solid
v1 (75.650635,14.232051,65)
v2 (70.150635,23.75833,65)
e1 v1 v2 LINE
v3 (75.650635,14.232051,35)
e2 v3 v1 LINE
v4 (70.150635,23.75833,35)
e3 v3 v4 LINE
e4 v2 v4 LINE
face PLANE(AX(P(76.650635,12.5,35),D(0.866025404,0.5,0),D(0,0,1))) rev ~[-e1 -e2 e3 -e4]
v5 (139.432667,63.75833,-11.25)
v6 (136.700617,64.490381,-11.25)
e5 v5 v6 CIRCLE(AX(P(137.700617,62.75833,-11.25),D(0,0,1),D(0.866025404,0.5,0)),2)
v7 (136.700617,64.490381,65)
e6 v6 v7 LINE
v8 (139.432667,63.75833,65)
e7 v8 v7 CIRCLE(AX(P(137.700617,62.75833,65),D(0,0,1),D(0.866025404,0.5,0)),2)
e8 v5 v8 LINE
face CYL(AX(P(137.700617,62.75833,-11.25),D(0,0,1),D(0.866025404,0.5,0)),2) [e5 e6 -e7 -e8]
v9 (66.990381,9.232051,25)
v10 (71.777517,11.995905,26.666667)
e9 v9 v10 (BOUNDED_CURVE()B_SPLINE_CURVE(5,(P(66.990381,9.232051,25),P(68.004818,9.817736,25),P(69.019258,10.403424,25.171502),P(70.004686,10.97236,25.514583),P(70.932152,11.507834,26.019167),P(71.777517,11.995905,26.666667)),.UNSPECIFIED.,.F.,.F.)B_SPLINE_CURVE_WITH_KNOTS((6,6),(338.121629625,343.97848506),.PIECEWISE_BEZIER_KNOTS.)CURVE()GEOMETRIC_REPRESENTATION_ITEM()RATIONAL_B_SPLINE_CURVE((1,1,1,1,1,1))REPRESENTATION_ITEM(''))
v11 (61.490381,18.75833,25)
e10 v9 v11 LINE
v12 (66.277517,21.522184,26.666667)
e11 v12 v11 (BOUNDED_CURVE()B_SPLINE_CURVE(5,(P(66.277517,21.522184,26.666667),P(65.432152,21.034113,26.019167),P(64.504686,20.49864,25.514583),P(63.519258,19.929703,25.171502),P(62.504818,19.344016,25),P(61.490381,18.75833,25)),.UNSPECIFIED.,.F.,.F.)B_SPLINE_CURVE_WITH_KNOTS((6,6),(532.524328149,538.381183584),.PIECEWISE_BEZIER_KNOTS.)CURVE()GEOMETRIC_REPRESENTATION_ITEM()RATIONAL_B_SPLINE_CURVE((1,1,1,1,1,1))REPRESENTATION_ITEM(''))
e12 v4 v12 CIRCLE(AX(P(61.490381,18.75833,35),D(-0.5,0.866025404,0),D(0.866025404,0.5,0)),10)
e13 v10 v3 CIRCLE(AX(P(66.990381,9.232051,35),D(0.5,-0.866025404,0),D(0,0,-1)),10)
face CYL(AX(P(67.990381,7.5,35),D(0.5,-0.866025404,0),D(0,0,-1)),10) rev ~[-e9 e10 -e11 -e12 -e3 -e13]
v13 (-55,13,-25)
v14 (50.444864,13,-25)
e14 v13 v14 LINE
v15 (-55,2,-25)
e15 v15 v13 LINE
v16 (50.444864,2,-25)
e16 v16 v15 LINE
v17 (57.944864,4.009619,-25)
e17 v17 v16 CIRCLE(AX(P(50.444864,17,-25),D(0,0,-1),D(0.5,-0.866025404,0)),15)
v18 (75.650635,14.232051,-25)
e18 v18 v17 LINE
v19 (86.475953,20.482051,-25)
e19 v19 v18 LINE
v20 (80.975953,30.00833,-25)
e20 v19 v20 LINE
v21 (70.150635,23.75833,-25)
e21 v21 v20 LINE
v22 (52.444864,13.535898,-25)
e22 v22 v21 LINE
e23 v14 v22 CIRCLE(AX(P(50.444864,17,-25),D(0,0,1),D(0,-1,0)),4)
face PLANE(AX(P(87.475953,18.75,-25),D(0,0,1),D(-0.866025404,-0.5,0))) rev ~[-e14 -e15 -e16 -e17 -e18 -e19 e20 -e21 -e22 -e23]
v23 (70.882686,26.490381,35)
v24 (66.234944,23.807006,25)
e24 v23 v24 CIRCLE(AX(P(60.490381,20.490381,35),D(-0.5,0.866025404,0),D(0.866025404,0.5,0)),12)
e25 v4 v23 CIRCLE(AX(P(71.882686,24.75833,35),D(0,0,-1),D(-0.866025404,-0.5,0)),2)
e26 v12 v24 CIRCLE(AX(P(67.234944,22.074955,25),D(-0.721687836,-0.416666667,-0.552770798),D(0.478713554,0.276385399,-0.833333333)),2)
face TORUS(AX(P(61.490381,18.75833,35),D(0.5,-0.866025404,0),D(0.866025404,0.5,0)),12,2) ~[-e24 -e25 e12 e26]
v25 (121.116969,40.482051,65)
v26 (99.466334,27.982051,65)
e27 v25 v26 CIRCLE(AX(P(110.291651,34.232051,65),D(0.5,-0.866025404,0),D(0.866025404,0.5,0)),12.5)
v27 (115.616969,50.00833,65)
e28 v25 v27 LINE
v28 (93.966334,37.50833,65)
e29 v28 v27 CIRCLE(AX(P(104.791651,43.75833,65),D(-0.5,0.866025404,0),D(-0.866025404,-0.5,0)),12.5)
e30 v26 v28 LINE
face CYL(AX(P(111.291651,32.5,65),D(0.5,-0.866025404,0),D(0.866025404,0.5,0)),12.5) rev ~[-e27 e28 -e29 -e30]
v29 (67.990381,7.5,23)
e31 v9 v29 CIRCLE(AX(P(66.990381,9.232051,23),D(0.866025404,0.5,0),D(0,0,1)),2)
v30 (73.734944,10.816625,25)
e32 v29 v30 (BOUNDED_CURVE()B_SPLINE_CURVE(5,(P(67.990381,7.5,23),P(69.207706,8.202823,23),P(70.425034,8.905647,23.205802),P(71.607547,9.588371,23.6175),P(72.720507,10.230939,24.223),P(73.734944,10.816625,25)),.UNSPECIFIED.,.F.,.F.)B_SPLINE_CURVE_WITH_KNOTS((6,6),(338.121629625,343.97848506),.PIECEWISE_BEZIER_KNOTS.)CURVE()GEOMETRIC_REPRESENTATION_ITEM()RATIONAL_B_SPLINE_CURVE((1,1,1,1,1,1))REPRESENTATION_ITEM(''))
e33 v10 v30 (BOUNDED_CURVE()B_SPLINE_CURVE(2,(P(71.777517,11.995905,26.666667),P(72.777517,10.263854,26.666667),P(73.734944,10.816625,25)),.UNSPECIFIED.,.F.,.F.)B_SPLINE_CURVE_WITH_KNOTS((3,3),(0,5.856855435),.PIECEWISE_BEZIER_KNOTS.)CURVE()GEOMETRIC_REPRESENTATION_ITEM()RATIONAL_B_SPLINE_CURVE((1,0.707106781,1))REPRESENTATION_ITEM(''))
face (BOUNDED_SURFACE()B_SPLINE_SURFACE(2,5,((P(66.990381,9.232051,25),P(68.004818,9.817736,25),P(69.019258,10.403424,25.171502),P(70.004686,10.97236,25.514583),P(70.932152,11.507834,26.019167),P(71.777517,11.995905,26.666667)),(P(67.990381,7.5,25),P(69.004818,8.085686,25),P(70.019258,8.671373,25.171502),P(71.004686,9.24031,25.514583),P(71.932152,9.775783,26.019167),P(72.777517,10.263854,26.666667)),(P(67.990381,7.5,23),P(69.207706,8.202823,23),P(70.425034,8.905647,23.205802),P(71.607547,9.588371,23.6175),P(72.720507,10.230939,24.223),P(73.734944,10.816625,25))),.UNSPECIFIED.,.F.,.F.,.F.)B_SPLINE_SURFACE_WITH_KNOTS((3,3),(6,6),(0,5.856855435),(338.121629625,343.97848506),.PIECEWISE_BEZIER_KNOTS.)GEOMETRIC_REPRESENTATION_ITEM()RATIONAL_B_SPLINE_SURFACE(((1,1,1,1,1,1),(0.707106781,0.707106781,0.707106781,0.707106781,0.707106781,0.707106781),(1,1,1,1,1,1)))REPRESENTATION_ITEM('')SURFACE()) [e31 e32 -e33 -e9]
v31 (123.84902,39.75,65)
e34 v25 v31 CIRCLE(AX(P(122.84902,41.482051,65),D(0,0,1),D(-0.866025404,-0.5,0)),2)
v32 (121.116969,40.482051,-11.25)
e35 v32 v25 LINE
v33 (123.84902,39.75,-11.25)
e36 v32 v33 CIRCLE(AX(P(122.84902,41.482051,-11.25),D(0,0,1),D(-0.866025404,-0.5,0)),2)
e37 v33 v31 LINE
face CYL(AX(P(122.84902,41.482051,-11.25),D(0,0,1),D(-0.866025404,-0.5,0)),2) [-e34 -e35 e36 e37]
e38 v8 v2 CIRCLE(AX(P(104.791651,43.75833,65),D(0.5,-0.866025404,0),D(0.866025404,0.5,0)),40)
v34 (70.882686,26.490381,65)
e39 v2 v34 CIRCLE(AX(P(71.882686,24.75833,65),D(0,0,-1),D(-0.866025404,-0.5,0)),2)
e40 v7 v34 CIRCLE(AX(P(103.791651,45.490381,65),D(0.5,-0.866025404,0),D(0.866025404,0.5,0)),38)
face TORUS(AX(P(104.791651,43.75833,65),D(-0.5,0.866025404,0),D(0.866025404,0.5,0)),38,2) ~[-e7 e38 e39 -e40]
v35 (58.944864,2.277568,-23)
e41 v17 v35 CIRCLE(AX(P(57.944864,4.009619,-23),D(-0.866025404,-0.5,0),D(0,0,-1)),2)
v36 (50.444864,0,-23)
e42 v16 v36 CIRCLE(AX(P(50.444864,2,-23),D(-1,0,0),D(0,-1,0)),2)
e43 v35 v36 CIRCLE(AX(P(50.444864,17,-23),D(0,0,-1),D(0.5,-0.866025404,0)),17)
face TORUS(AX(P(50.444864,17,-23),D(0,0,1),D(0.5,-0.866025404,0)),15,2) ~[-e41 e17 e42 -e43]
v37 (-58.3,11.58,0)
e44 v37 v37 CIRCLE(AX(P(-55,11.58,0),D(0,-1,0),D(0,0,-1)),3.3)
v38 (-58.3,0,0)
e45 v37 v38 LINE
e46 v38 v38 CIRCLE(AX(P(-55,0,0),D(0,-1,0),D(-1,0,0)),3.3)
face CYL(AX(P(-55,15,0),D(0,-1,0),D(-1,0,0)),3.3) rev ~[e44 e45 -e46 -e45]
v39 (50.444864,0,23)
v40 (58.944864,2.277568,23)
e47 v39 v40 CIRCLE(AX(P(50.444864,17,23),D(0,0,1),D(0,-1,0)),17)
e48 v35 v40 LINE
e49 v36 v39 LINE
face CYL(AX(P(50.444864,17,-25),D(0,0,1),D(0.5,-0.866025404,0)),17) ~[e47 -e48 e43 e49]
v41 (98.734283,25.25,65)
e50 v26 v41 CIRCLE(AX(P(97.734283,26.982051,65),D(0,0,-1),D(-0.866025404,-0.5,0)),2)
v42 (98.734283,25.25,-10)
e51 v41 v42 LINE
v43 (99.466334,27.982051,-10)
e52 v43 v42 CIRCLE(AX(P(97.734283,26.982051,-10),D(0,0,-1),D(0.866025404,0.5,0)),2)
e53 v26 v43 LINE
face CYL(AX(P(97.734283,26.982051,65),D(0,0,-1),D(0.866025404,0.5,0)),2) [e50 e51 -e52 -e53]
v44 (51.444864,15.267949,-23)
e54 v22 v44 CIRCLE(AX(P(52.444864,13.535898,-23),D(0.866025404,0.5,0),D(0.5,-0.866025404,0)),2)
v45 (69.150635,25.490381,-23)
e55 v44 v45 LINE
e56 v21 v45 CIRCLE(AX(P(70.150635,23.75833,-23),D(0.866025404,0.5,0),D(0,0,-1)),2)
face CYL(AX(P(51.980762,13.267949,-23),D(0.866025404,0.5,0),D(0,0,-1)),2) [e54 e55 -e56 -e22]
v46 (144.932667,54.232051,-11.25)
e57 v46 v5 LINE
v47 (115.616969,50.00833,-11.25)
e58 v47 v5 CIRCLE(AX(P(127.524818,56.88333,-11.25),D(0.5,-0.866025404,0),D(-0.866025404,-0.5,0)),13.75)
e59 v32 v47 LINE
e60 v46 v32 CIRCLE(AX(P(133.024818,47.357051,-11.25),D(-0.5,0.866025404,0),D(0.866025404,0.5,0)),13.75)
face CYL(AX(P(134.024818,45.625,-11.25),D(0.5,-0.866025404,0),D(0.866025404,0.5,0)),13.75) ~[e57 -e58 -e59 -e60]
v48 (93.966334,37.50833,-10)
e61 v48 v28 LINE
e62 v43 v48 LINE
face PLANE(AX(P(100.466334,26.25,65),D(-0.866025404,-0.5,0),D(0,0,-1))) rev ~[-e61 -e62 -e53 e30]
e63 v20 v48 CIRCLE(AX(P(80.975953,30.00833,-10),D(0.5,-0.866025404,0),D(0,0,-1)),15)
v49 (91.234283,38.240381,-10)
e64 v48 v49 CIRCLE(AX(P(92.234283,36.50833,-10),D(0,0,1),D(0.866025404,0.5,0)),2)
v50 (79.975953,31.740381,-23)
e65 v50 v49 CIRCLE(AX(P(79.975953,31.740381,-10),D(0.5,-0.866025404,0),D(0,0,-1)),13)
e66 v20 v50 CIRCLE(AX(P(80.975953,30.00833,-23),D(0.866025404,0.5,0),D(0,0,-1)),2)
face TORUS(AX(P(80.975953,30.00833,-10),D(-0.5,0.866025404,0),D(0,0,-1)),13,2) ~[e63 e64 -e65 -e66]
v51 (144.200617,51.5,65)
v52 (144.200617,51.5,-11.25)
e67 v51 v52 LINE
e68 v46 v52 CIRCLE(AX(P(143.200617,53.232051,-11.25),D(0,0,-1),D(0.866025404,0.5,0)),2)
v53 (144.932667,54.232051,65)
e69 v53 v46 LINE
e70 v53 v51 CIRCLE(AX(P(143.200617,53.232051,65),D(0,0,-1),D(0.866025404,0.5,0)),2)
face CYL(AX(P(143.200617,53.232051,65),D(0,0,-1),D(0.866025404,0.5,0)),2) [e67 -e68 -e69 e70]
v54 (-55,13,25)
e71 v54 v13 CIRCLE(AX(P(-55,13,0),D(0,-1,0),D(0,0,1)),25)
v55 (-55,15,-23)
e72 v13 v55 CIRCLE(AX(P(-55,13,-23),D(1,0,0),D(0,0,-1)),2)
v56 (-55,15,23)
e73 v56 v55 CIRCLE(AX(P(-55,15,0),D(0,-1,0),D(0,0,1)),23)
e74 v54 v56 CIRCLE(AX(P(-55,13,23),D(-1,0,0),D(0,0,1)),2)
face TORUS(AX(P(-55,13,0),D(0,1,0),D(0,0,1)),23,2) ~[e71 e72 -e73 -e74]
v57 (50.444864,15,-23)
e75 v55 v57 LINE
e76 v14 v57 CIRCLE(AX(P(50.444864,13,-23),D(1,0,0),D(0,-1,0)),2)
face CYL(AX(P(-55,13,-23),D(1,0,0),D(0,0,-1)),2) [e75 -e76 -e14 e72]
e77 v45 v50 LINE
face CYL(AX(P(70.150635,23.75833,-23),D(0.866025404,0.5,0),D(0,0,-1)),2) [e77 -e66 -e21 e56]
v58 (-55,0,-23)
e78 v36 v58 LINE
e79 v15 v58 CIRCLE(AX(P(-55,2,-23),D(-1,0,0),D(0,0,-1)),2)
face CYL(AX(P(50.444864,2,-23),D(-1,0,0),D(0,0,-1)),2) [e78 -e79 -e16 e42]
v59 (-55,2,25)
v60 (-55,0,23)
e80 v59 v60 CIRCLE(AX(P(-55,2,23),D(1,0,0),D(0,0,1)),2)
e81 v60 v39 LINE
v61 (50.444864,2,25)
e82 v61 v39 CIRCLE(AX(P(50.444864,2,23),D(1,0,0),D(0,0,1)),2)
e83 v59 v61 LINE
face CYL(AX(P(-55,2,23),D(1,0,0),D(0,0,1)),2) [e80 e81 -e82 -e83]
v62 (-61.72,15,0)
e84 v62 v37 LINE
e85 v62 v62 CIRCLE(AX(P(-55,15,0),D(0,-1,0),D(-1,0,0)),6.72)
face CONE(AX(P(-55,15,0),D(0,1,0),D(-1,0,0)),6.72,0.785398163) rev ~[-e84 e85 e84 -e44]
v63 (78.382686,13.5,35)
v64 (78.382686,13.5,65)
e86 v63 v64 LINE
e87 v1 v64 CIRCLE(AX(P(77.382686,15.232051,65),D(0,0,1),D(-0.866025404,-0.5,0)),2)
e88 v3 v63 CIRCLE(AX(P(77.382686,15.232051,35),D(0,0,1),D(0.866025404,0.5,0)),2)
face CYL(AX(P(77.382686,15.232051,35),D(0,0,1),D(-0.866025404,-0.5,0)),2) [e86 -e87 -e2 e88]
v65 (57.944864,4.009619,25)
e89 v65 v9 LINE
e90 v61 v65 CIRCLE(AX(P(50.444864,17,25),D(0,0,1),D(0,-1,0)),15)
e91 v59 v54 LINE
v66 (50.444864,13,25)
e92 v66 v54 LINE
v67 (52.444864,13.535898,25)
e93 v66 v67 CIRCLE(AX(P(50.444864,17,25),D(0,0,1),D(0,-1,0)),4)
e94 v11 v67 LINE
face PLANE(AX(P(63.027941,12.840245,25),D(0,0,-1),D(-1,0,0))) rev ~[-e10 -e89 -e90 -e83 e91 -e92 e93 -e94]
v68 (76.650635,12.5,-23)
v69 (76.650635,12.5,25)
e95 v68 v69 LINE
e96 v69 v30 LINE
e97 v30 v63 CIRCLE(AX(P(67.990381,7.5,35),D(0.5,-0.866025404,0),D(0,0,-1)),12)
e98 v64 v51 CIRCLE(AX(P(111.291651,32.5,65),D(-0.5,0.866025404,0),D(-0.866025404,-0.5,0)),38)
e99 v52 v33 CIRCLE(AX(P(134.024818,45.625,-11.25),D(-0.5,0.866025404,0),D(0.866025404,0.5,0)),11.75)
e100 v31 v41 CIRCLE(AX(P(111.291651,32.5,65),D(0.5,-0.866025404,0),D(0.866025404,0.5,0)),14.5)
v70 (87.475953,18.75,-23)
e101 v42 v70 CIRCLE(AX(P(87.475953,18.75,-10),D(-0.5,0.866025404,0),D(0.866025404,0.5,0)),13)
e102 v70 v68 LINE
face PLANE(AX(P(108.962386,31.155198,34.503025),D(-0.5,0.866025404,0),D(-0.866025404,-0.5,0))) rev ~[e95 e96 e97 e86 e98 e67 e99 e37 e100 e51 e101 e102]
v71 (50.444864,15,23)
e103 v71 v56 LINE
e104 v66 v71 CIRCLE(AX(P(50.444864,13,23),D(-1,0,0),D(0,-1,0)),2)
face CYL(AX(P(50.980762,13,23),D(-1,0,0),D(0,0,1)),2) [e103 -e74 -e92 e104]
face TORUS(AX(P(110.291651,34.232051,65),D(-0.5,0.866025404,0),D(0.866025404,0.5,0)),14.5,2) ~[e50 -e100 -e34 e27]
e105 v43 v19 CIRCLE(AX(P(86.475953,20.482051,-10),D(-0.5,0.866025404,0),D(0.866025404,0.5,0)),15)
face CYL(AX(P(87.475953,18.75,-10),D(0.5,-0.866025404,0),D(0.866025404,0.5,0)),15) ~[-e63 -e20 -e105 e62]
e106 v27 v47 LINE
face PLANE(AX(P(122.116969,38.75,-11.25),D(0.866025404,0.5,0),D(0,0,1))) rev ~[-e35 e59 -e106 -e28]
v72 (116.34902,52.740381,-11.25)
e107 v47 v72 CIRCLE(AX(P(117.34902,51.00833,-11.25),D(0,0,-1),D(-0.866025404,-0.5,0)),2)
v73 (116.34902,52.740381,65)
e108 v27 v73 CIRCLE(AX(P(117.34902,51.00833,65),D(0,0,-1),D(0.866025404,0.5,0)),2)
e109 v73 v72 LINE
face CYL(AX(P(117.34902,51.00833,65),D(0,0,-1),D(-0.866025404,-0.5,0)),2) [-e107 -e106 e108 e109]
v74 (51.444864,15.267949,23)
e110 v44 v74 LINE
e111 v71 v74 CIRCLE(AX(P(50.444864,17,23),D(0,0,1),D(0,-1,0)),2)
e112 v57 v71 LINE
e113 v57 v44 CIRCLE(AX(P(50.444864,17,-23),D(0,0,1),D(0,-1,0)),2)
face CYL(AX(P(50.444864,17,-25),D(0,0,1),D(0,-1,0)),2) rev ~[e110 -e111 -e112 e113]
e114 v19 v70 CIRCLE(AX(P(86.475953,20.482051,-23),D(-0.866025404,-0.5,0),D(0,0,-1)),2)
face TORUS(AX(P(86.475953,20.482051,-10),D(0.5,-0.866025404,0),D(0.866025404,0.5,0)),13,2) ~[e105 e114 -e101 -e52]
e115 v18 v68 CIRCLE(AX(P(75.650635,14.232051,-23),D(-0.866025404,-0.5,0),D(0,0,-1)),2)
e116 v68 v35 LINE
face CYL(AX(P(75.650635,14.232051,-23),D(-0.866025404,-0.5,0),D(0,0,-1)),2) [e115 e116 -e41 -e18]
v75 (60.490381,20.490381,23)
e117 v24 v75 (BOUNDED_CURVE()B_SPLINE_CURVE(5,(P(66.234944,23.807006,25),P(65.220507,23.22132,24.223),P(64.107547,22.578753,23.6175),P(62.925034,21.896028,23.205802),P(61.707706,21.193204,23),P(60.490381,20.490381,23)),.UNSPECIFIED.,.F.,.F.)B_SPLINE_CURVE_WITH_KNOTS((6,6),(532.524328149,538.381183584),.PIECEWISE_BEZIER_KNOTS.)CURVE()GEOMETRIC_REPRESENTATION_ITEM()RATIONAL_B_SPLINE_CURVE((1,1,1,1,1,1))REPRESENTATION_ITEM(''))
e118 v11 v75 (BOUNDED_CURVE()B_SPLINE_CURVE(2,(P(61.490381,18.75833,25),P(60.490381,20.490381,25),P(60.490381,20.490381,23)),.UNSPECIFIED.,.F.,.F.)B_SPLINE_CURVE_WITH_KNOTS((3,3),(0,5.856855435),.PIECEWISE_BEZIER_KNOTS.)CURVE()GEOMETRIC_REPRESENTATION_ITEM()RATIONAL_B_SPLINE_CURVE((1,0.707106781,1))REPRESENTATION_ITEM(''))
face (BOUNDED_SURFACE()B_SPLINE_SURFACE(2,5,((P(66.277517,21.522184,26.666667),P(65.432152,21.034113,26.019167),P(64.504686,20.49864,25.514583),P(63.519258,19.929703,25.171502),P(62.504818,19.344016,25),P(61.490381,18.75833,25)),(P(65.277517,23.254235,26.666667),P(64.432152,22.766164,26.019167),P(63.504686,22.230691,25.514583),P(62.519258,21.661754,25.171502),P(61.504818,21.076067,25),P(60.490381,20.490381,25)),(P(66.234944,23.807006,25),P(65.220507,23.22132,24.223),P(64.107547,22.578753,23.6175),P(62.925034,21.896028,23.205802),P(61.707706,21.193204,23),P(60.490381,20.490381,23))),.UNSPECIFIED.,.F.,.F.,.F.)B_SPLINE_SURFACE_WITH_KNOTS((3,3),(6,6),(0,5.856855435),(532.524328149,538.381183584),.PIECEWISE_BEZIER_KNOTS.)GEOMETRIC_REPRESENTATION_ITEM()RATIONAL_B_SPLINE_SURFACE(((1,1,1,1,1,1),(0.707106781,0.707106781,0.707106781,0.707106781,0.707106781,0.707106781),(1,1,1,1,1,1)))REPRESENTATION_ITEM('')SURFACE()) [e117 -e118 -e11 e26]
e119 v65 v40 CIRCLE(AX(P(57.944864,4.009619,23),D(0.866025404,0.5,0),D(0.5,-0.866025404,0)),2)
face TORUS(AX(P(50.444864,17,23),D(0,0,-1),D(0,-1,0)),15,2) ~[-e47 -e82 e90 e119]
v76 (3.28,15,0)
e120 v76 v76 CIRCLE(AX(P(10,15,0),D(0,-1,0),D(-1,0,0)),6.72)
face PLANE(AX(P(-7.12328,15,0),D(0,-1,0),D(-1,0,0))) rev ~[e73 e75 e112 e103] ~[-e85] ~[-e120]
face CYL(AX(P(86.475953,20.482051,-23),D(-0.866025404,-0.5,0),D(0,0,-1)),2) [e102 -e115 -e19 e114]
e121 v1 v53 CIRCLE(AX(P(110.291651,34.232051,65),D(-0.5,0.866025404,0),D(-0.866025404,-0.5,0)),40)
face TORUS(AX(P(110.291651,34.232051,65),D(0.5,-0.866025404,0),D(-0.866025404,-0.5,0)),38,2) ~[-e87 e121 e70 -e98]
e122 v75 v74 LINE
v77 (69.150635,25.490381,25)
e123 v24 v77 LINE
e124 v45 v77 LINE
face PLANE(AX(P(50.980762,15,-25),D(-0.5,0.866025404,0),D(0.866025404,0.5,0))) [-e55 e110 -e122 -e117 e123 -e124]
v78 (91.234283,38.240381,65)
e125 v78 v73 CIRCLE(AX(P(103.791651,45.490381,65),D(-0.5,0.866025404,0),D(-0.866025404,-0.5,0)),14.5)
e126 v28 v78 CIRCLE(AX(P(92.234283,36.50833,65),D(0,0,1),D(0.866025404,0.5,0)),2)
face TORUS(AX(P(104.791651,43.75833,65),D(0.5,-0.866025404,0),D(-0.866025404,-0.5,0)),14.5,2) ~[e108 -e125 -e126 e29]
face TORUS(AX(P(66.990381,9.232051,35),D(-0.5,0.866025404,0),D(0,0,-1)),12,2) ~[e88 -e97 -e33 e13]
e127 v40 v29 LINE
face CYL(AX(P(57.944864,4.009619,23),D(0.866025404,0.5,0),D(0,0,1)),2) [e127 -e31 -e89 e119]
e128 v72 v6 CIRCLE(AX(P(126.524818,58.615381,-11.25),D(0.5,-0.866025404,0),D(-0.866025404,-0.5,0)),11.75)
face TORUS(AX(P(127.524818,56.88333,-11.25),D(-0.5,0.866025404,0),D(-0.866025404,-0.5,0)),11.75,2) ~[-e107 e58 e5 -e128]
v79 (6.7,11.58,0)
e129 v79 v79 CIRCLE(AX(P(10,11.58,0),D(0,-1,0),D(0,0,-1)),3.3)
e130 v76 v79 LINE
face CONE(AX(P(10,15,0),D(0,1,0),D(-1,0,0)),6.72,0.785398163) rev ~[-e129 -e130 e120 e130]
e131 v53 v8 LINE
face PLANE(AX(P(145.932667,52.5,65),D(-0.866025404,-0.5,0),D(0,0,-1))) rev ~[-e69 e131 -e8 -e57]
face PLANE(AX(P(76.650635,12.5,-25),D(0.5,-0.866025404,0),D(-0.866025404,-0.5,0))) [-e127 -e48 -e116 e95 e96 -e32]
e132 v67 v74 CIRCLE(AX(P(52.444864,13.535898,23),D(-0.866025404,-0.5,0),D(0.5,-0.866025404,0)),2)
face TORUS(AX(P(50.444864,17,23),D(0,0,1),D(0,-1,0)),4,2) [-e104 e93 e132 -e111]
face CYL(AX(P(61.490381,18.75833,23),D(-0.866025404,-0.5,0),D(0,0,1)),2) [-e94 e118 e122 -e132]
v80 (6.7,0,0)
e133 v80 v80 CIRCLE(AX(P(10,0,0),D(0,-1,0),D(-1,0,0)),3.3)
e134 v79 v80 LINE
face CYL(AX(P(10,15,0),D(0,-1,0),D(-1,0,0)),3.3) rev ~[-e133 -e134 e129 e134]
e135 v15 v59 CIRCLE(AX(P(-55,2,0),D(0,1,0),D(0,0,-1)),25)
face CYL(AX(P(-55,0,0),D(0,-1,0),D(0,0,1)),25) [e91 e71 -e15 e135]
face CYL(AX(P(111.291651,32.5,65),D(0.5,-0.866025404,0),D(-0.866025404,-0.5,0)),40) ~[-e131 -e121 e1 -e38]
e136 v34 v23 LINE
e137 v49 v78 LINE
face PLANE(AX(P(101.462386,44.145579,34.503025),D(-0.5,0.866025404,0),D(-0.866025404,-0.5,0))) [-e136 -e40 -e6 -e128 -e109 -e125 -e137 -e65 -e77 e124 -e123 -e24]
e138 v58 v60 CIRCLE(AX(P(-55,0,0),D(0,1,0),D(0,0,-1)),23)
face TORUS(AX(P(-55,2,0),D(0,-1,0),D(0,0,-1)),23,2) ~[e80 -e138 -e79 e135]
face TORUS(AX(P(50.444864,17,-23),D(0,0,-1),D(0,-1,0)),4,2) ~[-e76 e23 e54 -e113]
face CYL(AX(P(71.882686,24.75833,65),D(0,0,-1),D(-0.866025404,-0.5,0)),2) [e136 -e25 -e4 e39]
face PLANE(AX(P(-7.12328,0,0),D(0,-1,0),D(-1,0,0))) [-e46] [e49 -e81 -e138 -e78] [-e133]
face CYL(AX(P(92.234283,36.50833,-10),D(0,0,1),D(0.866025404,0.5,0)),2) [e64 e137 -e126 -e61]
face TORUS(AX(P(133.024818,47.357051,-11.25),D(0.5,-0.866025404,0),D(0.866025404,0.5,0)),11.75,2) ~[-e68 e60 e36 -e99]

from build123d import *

# Parameters (mm, degrees)
BOSS_EXTRUDE1_DEPTH                             = 15
BOSS_EXTRUDE2_DEPTH                             = 50
BOSS_EXTRUDE3_DEPTH                             = 15
CSK_FOR_M5_FLAT_HEAD_MACHINE_SCREW1_D           = 6.6
CSK_FOR_M5_FLAT_HEAD_MACHINE_SCREW1_CSINK_D     = 13.44
CSK_FOR_M5_FLAT_HEAD_MACHINE_SCREW1_CSINK_ANGLE = 90
FILLET1_R                                       = 17
FILLET2_R                                       = 2


with BuildPart() as part:
    # Sketch1 → Boss-Extrude1 (new body)
    with BuildSketch(Plane(origin=(0, 0, 0), x_dir=(1, 0, 0), z_dir=(0, 1, 0))):
        with BuildLine():
            Line((-55, 25), (55, 25))
            Line((55, 25), (55, -25))
            Line((55, -25), (-55, -25))
            ThreePointArc((-55, -25), (-80, 0), (-55, 25))
        make_face()
    extrude(amount=BOSS_EXTRUDE1_DEPTH)

    # Sketch2 → Boss-Extrude2 (add)
    with BuildSketch(Plane(origin=(0, 0, -25), x_dir=(-1, 0, 0), z_dir=(0, 0, -1))):
        Polygon((-76.650635095, 12.5), (-55, 0), (-50.980762114, 15), (-69.150635095, 25.490381057), align=None)
    extrude(amount=-BOSS_EXTRUDE2_DEPTH)

    # Sketch3 → Boss-Extrude3 (add)
    with BuildSketch(Plane(origin=(13.75, -23.815698604, 0), x_dir=(0.8660254037844378, 0.5000000000000017, 0), z_dir=(0.5000000000000016, -0.8660254037844377, 0))):
        with BuildLine():
            Line((100.131397208, 65), (100.131397208, -10))
            ThreePointArc((100.131397208, -10), (95.737998926, -20.606601718), (85.131397208, -25))
            Line((85.131397208, -25), (62.631397208, -25))
            Line((62.631397208, -25), (62.631397208, 25))
            ThreePointArc((62.631397208, 25), (69.70246502, 27.928932188), (72.631397208, 35))
            Line((72.631397208, 35), (72.631397208, 65))
            ThreePointArc((72.631397208, 65), (112.631397208, 105), (152.631397208, 65))
            Line((152.631397208, 65), (152.631397208, -11.25))
            ThreePointArc((152.631397208, -11.25), (138.881397208, -25), (125.131397208, -11.25))
            Line((125.131397208, -11.25), (125.131397208, 65))
            ThreePointArc((125.131397208, 65), (112.631397208, 77.5), (100.131397208, 65))
        make_face()
    extrude(amount=-BOSS_EXTRUDE3_DEPTH)

    # CSK for M5 Flat Head Machine Screw1 (through all)
    with Locations(Plane(origin=(0, 15, 0), x_dir=(1, 0, 0), z_dir=(0, 1, 0))):
        with Locations((-55, 0), (10, 0)):
            CounterSinkHole(CSK_FOR_M5_FLAT_HEAD_MACHINE_SCREW1_D / 2, CSK_FOR_M5_FLAT_HEAD_MACHINE_SCREW1_CSINK_D / 2, counter_sink_angle=CSK_FOR_M5_FLAT_HEAD_MACHINE_SCREW1_CSINK_ANGLE)

    # Fillet1
    fillet1_edges = [part.edges().sort_by_distance(p)[0] for p in [
        (55, 0, 0),
    ]]
    fillet(fillet1_edges, radius=FILLET1_R)

    # Fillet2
    fillet2_edges = [part.edges().sort_by_distance(p)[0] for p in [
        (-80, 15, 0),
        (-2.009618943, 15, -25),
        (-2.009618943, 15, 25),
        (65.478357378, 23.370190528, -25),
        (73.210408185, 10.513784068, -25),
        (50.980762114, 15, 0),
        (55.735571585, 17.745190528, 25),
        (74.114105414, 11.035533906, 27.928932188),
        (96.661539177, 24.053300859, -20.606601718),
        (100.466333699, 26.25, 27.5),
        (111.291651246, 32.5, 77.5),
        (122.116968793, 38.75, 26.875),
        (134.024818095, 45.625, -25),
        (145.932667397, 52.5, 26.875),
        (111.291651246, 32.5, 105),
        (76.650635095, 12.5, 50),
        (89.161539177, 37.043681916, -20.606601718),
        (66.614105414, 24.025914963, 27.928932188),
        (69.150635095, 25.490381057, 50),
        (103.791651246, 45.490381057, 105),
        (138.432667397, 65.490381057, 26.875),
        (126.524818095, 58.615381057, -25),
        (114.616968793, 51.740381057, 26.875),
        (103.791651246, 45.490381057, 77.5),
        (92.966333699, 39.240381057, 27.5),
        (-2.277568136, 0, 25),
        (-80, 0, 0),
        (63.467622393, 4.888784068, 25),
        (-2.277568136, 0, -25),
        (54.844787495, 0.579260953, -25),
        (54.844787495, 0.579260953, 25),
    ]]
    fillet(fillet2_edges, radius=FILLET2_R)


solid = part.part
